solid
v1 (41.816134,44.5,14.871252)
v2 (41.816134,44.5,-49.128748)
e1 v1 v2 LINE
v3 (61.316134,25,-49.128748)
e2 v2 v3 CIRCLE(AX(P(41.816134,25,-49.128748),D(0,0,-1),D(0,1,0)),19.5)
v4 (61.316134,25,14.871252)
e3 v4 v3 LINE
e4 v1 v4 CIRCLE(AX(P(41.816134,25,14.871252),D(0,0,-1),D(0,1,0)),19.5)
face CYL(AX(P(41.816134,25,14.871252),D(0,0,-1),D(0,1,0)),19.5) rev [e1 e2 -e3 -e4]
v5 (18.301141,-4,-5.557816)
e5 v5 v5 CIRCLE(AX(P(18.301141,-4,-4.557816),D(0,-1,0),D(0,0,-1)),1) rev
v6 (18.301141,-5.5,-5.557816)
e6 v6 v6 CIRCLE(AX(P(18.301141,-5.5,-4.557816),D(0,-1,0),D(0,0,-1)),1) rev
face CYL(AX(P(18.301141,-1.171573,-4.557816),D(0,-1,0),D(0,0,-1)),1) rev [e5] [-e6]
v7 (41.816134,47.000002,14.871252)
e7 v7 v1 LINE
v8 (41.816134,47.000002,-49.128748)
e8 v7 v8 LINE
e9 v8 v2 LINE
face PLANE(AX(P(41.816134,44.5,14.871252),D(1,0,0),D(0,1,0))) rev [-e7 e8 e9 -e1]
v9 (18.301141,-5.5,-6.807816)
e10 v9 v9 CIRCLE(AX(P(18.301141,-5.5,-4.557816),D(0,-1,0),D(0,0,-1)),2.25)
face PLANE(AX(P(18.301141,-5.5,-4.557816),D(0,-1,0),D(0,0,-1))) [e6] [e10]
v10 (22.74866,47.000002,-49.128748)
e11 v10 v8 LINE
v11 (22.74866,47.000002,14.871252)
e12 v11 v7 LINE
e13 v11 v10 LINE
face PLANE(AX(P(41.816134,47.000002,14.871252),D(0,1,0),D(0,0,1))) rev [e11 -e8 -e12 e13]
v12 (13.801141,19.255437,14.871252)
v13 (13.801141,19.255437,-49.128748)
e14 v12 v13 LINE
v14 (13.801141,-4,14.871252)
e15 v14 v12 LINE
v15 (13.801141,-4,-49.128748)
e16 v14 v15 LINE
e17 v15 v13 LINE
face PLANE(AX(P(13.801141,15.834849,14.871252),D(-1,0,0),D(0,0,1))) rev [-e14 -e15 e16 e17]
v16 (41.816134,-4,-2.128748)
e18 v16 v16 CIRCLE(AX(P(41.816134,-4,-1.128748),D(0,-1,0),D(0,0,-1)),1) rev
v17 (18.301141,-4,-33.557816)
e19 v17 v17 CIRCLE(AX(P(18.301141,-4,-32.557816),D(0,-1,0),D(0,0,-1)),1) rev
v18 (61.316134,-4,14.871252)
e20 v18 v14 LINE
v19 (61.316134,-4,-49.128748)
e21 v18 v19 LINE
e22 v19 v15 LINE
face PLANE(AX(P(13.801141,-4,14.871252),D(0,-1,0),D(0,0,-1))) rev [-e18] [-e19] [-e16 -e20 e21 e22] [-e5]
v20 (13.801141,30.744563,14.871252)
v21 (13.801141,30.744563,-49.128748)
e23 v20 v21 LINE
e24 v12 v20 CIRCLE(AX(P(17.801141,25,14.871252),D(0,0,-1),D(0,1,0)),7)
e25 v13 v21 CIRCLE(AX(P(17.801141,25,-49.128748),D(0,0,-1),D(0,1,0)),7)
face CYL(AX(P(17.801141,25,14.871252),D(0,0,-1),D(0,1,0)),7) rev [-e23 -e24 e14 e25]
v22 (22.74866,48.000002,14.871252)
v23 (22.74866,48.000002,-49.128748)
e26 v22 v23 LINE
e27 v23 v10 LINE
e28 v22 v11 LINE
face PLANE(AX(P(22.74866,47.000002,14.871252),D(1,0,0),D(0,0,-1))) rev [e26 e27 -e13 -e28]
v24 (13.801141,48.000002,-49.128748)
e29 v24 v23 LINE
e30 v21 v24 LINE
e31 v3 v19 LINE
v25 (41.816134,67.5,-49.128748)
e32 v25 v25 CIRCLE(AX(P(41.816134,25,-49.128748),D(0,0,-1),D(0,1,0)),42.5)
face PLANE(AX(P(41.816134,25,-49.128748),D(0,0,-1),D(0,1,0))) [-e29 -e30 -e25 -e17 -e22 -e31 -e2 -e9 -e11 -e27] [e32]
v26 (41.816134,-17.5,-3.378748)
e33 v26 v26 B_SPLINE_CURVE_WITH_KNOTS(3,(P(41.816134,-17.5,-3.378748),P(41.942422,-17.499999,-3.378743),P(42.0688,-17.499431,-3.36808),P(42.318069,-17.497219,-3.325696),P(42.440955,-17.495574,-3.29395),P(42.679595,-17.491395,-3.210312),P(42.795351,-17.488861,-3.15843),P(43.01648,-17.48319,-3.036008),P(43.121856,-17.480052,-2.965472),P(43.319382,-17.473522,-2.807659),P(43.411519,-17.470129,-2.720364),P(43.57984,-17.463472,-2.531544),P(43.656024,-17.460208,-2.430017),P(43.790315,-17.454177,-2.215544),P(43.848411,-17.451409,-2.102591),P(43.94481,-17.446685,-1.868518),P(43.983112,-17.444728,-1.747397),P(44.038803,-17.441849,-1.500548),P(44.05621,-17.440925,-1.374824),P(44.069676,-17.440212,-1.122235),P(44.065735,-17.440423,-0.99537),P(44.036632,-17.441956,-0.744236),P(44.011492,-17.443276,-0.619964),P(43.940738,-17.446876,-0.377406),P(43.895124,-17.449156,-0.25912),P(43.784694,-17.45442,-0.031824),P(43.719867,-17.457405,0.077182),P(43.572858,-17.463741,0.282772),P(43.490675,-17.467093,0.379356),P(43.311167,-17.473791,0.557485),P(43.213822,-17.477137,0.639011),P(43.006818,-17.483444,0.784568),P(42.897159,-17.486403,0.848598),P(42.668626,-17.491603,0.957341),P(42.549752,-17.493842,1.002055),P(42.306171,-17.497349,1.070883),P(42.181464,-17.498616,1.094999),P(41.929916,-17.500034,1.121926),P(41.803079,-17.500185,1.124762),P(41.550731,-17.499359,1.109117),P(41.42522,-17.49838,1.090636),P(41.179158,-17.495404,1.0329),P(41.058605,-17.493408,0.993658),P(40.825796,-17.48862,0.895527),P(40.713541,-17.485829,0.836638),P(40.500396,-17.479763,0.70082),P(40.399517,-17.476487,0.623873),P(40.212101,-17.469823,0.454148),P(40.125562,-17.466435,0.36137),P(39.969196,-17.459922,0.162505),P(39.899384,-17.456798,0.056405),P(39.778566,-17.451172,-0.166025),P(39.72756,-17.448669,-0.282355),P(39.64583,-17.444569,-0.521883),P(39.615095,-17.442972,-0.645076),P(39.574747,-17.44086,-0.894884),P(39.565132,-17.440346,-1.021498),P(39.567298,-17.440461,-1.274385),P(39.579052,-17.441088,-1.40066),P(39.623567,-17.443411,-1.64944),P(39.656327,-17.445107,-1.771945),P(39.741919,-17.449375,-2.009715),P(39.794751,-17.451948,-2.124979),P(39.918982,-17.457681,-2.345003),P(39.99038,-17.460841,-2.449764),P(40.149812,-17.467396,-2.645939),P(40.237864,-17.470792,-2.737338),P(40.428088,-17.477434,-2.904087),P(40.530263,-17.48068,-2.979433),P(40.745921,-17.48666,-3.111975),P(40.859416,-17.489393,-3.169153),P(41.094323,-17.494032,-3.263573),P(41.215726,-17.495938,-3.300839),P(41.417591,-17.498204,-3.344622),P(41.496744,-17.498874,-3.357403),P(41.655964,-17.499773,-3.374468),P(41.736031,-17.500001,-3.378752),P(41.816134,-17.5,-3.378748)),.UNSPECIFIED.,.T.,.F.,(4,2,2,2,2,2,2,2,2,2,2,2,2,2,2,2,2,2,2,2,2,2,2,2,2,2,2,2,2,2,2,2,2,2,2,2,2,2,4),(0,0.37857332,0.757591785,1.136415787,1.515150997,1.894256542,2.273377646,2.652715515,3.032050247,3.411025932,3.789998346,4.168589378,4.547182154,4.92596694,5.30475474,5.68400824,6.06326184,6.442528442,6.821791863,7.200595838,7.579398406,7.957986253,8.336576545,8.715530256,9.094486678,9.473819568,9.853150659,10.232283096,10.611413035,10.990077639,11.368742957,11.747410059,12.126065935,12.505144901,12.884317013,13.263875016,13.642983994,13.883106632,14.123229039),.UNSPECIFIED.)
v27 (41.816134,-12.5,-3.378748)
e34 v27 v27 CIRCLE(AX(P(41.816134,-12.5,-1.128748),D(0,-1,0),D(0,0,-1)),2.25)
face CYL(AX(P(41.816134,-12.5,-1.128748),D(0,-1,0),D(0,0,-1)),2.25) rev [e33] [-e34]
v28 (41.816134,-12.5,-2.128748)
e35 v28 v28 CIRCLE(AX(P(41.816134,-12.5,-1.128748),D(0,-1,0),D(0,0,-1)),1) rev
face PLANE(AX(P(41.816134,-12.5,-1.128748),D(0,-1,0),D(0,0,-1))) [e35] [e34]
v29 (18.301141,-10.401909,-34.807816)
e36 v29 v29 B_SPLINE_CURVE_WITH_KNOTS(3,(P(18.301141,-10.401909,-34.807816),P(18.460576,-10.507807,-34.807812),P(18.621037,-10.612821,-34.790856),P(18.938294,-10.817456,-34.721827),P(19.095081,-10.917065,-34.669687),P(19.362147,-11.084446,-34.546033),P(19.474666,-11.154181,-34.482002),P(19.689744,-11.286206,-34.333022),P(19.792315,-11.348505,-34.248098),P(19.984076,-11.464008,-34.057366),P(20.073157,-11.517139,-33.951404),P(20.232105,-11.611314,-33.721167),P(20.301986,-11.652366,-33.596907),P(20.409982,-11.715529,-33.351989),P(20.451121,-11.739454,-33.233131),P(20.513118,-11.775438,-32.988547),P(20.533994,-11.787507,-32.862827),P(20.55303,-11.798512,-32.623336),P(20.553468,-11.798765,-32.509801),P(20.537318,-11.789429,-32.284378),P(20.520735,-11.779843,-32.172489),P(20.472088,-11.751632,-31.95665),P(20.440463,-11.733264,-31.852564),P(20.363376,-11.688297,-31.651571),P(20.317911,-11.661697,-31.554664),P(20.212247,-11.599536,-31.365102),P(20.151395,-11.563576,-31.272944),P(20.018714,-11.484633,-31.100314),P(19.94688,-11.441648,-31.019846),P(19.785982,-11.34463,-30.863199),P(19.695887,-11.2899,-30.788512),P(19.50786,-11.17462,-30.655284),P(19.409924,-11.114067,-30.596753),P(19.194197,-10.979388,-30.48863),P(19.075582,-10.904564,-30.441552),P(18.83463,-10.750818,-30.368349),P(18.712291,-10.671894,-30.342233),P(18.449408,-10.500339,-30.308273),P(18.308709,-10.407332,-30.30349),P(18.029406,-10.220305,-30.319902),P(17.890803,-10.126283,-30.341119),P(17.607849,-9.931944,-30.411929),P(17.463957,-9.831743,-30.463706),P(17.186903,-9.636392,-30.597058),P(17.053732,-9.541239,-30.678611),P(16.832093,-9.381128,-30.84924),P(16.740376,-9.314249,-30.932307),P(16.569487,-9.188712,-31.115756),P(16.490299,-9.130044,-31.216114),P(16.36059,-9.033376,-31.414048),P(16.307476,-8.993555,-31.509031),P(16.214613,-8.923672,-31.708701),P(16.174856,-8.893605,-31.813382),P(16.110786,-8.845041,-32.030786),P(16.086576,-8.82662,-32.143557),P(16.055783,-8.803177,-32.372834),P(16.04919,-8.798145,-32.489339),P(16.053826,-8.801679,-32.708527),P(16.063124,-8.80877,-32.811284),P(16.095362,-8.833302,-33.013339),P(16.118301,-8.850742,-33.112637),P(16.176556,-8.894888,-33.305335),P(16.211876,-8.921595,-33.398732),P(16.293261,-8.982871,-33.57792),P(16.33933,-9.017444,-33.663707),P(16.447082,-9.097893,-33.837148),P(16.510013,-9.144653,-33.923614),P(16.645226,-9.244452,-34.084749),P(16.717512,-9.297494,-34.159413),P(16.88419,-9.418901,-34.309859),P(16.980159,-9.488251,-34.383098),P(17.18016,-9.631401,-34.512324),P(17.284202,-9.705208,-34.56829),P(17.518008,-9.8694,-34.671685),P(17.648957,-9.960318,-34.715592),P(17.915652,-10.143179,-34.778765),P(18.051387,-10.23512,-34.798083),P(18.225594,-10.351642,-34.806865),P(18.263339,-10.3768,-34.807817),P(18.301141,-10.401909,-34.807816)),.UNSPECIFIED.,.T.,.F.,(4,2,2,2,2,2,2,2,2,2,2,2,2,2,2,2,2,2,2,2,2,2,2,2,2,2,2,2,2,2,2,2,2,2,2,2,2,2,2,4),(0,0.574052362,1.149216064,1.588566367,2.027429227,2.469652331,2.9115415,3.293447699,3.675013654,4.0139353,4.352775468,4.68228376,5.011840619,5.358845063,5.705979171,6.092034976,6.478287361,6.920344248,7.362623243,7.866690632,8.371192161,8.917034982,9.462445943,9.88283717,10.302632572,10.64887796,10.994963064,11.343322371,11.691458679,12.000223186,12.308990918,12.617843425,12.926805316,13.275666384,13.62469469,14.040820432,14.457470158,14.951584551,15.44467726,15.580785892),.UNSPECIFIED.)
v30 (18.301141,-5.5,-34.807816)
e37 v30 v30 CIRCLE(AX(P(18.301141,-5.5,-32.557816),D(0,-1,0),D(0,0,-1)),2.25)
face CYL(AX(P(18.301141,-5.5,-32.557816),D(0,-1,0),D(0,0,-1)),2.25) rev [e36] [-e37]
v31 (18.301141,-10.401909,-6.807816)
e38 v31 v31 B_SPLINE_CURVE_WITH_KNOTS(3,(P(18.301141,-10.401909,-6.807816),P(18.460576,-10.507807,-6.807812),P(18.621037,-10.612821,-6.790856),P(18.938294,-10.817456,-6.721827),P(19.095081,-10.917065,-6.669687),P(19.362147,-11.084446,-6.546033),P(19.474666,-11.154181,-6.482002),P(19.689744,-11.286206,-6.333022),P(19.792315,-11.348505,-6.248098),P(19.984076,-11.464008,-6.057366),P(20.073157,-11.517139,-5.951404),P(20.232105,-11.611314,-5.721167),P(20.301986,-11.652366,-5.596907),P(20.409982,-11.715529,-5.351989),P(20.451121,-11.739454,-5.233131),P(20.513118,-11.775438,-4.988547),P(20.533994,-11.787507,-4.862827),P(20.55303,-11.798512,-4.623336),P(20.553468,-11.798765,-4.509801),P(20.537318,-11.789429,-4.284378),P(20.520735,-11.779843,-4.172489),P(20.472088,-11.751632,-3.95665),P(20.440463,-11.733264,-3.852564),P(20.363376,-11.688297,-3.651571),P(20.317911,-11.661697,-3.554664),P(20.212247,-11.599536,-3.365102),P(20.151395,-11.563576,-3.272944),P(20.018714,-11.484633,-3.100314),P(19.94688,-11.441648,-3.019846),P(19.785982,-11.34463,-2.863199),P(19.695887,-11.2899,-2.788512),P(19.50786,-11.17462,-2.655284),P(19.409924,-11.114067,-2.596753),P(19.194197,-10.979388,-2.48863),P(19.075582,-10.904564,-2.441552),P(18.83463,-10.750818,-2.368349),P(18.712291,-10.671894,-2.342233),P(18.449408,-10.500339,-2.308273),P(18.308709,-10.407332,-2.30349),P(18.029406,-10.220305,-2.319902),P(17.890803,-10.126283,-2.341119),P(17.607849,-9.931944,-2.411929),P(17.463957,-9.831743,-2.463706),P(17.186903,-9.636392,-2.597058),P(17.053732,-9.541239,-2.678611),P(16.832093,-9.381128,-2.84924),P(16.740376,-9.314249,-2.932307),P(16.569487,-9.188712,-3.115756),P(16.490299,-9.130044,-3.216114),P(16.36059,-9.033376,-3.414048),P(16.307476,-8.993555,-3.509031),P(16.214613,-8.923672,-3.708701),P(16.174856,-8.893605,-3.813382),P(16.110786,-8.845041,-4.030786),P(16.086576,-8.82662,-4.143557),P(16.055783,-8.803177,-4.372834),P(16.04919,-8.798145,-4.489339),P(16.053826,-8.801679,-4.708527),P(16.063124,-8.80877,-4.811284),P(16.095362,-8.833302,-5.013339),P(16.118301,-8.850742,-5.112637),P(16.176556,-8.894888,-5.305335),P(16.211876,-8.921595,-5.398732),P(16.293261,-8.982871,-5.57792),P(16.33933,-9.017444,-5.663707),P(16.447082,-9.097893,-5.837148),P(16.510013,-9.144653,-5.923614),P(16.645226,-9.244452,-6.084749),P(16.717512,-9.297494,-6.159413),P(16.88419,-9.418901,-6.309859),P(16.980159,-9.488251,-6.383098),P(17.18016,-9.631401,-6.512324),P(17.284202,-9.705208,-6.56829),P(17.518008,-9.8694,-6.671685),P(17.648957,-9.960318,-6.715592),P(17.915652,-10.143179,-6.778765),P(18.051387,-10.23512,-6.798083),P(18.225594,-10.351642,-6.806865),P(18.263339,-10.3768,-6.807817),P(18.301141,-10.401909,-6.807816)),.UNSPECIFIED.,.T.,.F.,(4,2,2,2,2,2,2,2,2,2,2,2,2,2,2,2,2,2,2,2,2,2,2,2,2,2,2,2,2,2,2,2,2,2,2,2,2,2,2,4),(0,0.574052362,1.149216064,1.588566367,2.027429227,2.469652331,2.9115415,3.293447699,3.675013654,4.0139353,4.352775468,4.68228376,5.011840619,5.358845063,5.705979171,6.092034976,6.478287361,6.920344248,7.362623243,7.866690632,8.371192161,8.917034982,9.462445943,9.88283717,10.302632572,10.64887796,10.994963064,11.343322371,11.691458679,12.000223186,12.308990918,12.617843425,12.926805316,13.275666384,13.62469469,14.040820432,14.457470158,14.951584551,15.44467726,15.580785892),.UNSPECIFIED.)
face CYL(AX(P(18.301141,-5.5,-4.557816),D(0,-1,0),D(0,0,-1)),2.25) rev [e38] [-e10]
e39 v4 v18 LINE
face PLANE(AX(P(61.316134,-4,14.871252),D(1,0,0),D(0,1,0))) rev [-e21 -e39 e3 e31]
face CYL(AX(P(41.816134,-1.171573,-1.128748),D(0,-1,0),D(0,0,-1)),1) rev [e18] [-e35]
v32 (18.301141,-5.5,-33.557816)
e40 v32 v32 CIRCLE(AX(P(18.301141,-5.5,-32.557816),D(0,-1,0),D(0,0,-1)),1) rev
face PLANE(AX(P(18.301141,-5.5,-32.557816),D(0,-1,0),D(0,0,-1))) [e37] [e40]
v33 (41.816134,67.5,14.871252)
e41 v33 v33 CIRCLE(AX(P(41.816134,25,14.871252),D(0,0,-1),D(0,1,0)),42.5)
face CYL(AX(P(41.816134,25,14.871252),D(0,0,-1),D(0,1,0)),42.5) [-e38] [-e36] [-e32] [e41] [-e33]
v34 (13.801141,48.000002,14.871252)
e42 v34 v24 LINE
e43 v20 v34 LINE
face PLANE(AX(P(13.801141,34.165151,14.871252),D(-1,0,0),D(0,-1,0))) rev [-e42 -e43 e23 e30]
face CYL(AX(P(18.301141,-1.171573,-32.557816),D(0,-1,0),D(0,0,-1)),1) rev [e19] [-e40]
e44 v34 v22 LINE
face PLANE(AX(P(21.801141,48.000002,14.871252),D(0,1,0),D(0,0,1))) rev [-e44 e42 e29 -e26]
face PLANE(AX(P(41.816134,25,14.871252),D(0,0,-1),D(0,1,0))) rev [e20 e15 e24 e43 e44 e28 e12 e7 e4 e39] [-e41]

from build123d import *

# Parameters (mm, degrees)
SKETCH1_R           = 42.5
BOSS_EXTRUDE1_DEPTH = 64
SKETCH2_R           = 1
CUT_EXTRUDE1_DEPTH  = 13.5
SKETCH3_R           = 2.25
CUT_EXTRUDE2_DEPTH  = 5
SKETCH4_R           = 2.25
CUT_EXTRUDE3_DEPTH  = 12
CUT_EXTRUDE4_DEPTH  = 126.544655058


with BuildPart() as part:
    # Sketch1 → Boss-Extrude1 (new body)
    with BuildSketch(Plane(origin=(0, 0, -49.128748399), x_dir=(-1, 0, 0), z_dir=(0, 0, -1))):
        with Locations(Location((-41.816133513, 25, 0), (0, 0, 90))):
            Circle(SKETCH1_R)
        with BuildLine():
            Line((-13.801141106, 15.83484861), (-13.801141106, -4))
            Line((-13.801141106, -4), (-61.316133513, -4))
            Line((-61.316133513, -4), (-61.316133513, 25))
            ThreePointArc((-61.316133513, 25), (-55.604715746, 38.788582233), (-41.816133513, 44.5))
            Line((-41.816133513, 44.5), (-41.816133513, 47.000001781))
            Line((-41.816133513, 47.000001781), (-13.801141106, 47.000001781))
            Line((-13.801141106, 47.000001781), (-13.801141106, 34.16515139))
            Line((-13.801141106, 34.16515139), (-13.801141106, 30.744562647))
            ThreePointArc((-13.801141106, 30.744562647), (-10.801141106, 25), (-13.801141106, 19.255437353))
            Line((-13.801141106, 19.255437353), (-13.801141106, 15.83484861))
        make_face(mode=Mode.SUBTRACT)
    extrude(amount=-BOSS_EXTRUDE1_DEPTH)

    # Sketch2 → Cut-Extrude1 (cut)
    with BuildSketch(Plane(origin=(0, -17.5, 0), x_dir=(-1, 0, 0), z_dir=(0, -1, 0))):
        with Locations(Location((-18.301141106, 4.557815864, 0), (0, 0, 90))):
            Circle(SKETCH2_R)
        with Locations(Location((-18.301141106, 32.557815864, 0), (0, 0, 90))):
            Circle(SKETCH2_R)
        with Locations(Location((-41.816133513, 1.128748399, 0), (0, 0, 90))):
            Circle(SKETCH2_R)
    extrude(amount=-CUT_EXTRUDE1_DEPTH, mode=Mode.SUBTRACT)

    # Sketch3 → Cut-Extrude2 (cut)
    with BuildSketch(Plane(origin=(0, -17.5, 0), x_dir=(-1, 0, 0), z_dir=(0, -1, 0))):
        with Locations(Location((-41.816133513, 1.128748399, 0), (0, 0, 90))):
            Circle(SKETCH3_R)
        with Locations((-18.301141106, 4.557815864)):
            Circle(SKETCH3_R)
        with Locations((-18.301141106, 32.557815864)):
            Circle(SKETCH3_R)
    extrude(amount=-CUT_EXTRUDE2_DEPTH, mode=Mode.SUBTRACT)

    # Sketch4 → Cut-Extrude3 (cut)
    with BuildSketch(Plane(origin=(0, -17.5, 0), x_dir=(-1, 0, 0), z_dir=(0, -1, 0))):
        with Locations(Location((-18.301141106, 4.557815864, 0), (0, 0, 90))):
            Circle(SKETCH4_R)
        with Locations(Location((-18.301141106, 32.557815864, 0), (0, 0, 90))):
            Circle(SKETCH4_R)
    extrude(amount=-CUT_EXTRUDE3_DEPTH, mode=Mode.SUBTRACT)

    # Sketch5 → Cut-Extrude4 (cut, through all)
    with BuildSketch(Plane(origin=(0, 0, -49.128748399), x_dir=(-1, 0, 0), z_dir=(0, 0, -1))):
        Polygon((-21.801141106, 47.000001781), (-13.801141106, 47.000001781), (-13.801141106, 48.000001781), (-21.801141106, 48.000001781), (-22.748659585, 48.000001781), (-22.748659585, 47.000001781), align=None)
    extrude(amount=-CUT_EXTRUDE4_DEPTH, mode=Mode.SUBTRACT)


solid = part.part
